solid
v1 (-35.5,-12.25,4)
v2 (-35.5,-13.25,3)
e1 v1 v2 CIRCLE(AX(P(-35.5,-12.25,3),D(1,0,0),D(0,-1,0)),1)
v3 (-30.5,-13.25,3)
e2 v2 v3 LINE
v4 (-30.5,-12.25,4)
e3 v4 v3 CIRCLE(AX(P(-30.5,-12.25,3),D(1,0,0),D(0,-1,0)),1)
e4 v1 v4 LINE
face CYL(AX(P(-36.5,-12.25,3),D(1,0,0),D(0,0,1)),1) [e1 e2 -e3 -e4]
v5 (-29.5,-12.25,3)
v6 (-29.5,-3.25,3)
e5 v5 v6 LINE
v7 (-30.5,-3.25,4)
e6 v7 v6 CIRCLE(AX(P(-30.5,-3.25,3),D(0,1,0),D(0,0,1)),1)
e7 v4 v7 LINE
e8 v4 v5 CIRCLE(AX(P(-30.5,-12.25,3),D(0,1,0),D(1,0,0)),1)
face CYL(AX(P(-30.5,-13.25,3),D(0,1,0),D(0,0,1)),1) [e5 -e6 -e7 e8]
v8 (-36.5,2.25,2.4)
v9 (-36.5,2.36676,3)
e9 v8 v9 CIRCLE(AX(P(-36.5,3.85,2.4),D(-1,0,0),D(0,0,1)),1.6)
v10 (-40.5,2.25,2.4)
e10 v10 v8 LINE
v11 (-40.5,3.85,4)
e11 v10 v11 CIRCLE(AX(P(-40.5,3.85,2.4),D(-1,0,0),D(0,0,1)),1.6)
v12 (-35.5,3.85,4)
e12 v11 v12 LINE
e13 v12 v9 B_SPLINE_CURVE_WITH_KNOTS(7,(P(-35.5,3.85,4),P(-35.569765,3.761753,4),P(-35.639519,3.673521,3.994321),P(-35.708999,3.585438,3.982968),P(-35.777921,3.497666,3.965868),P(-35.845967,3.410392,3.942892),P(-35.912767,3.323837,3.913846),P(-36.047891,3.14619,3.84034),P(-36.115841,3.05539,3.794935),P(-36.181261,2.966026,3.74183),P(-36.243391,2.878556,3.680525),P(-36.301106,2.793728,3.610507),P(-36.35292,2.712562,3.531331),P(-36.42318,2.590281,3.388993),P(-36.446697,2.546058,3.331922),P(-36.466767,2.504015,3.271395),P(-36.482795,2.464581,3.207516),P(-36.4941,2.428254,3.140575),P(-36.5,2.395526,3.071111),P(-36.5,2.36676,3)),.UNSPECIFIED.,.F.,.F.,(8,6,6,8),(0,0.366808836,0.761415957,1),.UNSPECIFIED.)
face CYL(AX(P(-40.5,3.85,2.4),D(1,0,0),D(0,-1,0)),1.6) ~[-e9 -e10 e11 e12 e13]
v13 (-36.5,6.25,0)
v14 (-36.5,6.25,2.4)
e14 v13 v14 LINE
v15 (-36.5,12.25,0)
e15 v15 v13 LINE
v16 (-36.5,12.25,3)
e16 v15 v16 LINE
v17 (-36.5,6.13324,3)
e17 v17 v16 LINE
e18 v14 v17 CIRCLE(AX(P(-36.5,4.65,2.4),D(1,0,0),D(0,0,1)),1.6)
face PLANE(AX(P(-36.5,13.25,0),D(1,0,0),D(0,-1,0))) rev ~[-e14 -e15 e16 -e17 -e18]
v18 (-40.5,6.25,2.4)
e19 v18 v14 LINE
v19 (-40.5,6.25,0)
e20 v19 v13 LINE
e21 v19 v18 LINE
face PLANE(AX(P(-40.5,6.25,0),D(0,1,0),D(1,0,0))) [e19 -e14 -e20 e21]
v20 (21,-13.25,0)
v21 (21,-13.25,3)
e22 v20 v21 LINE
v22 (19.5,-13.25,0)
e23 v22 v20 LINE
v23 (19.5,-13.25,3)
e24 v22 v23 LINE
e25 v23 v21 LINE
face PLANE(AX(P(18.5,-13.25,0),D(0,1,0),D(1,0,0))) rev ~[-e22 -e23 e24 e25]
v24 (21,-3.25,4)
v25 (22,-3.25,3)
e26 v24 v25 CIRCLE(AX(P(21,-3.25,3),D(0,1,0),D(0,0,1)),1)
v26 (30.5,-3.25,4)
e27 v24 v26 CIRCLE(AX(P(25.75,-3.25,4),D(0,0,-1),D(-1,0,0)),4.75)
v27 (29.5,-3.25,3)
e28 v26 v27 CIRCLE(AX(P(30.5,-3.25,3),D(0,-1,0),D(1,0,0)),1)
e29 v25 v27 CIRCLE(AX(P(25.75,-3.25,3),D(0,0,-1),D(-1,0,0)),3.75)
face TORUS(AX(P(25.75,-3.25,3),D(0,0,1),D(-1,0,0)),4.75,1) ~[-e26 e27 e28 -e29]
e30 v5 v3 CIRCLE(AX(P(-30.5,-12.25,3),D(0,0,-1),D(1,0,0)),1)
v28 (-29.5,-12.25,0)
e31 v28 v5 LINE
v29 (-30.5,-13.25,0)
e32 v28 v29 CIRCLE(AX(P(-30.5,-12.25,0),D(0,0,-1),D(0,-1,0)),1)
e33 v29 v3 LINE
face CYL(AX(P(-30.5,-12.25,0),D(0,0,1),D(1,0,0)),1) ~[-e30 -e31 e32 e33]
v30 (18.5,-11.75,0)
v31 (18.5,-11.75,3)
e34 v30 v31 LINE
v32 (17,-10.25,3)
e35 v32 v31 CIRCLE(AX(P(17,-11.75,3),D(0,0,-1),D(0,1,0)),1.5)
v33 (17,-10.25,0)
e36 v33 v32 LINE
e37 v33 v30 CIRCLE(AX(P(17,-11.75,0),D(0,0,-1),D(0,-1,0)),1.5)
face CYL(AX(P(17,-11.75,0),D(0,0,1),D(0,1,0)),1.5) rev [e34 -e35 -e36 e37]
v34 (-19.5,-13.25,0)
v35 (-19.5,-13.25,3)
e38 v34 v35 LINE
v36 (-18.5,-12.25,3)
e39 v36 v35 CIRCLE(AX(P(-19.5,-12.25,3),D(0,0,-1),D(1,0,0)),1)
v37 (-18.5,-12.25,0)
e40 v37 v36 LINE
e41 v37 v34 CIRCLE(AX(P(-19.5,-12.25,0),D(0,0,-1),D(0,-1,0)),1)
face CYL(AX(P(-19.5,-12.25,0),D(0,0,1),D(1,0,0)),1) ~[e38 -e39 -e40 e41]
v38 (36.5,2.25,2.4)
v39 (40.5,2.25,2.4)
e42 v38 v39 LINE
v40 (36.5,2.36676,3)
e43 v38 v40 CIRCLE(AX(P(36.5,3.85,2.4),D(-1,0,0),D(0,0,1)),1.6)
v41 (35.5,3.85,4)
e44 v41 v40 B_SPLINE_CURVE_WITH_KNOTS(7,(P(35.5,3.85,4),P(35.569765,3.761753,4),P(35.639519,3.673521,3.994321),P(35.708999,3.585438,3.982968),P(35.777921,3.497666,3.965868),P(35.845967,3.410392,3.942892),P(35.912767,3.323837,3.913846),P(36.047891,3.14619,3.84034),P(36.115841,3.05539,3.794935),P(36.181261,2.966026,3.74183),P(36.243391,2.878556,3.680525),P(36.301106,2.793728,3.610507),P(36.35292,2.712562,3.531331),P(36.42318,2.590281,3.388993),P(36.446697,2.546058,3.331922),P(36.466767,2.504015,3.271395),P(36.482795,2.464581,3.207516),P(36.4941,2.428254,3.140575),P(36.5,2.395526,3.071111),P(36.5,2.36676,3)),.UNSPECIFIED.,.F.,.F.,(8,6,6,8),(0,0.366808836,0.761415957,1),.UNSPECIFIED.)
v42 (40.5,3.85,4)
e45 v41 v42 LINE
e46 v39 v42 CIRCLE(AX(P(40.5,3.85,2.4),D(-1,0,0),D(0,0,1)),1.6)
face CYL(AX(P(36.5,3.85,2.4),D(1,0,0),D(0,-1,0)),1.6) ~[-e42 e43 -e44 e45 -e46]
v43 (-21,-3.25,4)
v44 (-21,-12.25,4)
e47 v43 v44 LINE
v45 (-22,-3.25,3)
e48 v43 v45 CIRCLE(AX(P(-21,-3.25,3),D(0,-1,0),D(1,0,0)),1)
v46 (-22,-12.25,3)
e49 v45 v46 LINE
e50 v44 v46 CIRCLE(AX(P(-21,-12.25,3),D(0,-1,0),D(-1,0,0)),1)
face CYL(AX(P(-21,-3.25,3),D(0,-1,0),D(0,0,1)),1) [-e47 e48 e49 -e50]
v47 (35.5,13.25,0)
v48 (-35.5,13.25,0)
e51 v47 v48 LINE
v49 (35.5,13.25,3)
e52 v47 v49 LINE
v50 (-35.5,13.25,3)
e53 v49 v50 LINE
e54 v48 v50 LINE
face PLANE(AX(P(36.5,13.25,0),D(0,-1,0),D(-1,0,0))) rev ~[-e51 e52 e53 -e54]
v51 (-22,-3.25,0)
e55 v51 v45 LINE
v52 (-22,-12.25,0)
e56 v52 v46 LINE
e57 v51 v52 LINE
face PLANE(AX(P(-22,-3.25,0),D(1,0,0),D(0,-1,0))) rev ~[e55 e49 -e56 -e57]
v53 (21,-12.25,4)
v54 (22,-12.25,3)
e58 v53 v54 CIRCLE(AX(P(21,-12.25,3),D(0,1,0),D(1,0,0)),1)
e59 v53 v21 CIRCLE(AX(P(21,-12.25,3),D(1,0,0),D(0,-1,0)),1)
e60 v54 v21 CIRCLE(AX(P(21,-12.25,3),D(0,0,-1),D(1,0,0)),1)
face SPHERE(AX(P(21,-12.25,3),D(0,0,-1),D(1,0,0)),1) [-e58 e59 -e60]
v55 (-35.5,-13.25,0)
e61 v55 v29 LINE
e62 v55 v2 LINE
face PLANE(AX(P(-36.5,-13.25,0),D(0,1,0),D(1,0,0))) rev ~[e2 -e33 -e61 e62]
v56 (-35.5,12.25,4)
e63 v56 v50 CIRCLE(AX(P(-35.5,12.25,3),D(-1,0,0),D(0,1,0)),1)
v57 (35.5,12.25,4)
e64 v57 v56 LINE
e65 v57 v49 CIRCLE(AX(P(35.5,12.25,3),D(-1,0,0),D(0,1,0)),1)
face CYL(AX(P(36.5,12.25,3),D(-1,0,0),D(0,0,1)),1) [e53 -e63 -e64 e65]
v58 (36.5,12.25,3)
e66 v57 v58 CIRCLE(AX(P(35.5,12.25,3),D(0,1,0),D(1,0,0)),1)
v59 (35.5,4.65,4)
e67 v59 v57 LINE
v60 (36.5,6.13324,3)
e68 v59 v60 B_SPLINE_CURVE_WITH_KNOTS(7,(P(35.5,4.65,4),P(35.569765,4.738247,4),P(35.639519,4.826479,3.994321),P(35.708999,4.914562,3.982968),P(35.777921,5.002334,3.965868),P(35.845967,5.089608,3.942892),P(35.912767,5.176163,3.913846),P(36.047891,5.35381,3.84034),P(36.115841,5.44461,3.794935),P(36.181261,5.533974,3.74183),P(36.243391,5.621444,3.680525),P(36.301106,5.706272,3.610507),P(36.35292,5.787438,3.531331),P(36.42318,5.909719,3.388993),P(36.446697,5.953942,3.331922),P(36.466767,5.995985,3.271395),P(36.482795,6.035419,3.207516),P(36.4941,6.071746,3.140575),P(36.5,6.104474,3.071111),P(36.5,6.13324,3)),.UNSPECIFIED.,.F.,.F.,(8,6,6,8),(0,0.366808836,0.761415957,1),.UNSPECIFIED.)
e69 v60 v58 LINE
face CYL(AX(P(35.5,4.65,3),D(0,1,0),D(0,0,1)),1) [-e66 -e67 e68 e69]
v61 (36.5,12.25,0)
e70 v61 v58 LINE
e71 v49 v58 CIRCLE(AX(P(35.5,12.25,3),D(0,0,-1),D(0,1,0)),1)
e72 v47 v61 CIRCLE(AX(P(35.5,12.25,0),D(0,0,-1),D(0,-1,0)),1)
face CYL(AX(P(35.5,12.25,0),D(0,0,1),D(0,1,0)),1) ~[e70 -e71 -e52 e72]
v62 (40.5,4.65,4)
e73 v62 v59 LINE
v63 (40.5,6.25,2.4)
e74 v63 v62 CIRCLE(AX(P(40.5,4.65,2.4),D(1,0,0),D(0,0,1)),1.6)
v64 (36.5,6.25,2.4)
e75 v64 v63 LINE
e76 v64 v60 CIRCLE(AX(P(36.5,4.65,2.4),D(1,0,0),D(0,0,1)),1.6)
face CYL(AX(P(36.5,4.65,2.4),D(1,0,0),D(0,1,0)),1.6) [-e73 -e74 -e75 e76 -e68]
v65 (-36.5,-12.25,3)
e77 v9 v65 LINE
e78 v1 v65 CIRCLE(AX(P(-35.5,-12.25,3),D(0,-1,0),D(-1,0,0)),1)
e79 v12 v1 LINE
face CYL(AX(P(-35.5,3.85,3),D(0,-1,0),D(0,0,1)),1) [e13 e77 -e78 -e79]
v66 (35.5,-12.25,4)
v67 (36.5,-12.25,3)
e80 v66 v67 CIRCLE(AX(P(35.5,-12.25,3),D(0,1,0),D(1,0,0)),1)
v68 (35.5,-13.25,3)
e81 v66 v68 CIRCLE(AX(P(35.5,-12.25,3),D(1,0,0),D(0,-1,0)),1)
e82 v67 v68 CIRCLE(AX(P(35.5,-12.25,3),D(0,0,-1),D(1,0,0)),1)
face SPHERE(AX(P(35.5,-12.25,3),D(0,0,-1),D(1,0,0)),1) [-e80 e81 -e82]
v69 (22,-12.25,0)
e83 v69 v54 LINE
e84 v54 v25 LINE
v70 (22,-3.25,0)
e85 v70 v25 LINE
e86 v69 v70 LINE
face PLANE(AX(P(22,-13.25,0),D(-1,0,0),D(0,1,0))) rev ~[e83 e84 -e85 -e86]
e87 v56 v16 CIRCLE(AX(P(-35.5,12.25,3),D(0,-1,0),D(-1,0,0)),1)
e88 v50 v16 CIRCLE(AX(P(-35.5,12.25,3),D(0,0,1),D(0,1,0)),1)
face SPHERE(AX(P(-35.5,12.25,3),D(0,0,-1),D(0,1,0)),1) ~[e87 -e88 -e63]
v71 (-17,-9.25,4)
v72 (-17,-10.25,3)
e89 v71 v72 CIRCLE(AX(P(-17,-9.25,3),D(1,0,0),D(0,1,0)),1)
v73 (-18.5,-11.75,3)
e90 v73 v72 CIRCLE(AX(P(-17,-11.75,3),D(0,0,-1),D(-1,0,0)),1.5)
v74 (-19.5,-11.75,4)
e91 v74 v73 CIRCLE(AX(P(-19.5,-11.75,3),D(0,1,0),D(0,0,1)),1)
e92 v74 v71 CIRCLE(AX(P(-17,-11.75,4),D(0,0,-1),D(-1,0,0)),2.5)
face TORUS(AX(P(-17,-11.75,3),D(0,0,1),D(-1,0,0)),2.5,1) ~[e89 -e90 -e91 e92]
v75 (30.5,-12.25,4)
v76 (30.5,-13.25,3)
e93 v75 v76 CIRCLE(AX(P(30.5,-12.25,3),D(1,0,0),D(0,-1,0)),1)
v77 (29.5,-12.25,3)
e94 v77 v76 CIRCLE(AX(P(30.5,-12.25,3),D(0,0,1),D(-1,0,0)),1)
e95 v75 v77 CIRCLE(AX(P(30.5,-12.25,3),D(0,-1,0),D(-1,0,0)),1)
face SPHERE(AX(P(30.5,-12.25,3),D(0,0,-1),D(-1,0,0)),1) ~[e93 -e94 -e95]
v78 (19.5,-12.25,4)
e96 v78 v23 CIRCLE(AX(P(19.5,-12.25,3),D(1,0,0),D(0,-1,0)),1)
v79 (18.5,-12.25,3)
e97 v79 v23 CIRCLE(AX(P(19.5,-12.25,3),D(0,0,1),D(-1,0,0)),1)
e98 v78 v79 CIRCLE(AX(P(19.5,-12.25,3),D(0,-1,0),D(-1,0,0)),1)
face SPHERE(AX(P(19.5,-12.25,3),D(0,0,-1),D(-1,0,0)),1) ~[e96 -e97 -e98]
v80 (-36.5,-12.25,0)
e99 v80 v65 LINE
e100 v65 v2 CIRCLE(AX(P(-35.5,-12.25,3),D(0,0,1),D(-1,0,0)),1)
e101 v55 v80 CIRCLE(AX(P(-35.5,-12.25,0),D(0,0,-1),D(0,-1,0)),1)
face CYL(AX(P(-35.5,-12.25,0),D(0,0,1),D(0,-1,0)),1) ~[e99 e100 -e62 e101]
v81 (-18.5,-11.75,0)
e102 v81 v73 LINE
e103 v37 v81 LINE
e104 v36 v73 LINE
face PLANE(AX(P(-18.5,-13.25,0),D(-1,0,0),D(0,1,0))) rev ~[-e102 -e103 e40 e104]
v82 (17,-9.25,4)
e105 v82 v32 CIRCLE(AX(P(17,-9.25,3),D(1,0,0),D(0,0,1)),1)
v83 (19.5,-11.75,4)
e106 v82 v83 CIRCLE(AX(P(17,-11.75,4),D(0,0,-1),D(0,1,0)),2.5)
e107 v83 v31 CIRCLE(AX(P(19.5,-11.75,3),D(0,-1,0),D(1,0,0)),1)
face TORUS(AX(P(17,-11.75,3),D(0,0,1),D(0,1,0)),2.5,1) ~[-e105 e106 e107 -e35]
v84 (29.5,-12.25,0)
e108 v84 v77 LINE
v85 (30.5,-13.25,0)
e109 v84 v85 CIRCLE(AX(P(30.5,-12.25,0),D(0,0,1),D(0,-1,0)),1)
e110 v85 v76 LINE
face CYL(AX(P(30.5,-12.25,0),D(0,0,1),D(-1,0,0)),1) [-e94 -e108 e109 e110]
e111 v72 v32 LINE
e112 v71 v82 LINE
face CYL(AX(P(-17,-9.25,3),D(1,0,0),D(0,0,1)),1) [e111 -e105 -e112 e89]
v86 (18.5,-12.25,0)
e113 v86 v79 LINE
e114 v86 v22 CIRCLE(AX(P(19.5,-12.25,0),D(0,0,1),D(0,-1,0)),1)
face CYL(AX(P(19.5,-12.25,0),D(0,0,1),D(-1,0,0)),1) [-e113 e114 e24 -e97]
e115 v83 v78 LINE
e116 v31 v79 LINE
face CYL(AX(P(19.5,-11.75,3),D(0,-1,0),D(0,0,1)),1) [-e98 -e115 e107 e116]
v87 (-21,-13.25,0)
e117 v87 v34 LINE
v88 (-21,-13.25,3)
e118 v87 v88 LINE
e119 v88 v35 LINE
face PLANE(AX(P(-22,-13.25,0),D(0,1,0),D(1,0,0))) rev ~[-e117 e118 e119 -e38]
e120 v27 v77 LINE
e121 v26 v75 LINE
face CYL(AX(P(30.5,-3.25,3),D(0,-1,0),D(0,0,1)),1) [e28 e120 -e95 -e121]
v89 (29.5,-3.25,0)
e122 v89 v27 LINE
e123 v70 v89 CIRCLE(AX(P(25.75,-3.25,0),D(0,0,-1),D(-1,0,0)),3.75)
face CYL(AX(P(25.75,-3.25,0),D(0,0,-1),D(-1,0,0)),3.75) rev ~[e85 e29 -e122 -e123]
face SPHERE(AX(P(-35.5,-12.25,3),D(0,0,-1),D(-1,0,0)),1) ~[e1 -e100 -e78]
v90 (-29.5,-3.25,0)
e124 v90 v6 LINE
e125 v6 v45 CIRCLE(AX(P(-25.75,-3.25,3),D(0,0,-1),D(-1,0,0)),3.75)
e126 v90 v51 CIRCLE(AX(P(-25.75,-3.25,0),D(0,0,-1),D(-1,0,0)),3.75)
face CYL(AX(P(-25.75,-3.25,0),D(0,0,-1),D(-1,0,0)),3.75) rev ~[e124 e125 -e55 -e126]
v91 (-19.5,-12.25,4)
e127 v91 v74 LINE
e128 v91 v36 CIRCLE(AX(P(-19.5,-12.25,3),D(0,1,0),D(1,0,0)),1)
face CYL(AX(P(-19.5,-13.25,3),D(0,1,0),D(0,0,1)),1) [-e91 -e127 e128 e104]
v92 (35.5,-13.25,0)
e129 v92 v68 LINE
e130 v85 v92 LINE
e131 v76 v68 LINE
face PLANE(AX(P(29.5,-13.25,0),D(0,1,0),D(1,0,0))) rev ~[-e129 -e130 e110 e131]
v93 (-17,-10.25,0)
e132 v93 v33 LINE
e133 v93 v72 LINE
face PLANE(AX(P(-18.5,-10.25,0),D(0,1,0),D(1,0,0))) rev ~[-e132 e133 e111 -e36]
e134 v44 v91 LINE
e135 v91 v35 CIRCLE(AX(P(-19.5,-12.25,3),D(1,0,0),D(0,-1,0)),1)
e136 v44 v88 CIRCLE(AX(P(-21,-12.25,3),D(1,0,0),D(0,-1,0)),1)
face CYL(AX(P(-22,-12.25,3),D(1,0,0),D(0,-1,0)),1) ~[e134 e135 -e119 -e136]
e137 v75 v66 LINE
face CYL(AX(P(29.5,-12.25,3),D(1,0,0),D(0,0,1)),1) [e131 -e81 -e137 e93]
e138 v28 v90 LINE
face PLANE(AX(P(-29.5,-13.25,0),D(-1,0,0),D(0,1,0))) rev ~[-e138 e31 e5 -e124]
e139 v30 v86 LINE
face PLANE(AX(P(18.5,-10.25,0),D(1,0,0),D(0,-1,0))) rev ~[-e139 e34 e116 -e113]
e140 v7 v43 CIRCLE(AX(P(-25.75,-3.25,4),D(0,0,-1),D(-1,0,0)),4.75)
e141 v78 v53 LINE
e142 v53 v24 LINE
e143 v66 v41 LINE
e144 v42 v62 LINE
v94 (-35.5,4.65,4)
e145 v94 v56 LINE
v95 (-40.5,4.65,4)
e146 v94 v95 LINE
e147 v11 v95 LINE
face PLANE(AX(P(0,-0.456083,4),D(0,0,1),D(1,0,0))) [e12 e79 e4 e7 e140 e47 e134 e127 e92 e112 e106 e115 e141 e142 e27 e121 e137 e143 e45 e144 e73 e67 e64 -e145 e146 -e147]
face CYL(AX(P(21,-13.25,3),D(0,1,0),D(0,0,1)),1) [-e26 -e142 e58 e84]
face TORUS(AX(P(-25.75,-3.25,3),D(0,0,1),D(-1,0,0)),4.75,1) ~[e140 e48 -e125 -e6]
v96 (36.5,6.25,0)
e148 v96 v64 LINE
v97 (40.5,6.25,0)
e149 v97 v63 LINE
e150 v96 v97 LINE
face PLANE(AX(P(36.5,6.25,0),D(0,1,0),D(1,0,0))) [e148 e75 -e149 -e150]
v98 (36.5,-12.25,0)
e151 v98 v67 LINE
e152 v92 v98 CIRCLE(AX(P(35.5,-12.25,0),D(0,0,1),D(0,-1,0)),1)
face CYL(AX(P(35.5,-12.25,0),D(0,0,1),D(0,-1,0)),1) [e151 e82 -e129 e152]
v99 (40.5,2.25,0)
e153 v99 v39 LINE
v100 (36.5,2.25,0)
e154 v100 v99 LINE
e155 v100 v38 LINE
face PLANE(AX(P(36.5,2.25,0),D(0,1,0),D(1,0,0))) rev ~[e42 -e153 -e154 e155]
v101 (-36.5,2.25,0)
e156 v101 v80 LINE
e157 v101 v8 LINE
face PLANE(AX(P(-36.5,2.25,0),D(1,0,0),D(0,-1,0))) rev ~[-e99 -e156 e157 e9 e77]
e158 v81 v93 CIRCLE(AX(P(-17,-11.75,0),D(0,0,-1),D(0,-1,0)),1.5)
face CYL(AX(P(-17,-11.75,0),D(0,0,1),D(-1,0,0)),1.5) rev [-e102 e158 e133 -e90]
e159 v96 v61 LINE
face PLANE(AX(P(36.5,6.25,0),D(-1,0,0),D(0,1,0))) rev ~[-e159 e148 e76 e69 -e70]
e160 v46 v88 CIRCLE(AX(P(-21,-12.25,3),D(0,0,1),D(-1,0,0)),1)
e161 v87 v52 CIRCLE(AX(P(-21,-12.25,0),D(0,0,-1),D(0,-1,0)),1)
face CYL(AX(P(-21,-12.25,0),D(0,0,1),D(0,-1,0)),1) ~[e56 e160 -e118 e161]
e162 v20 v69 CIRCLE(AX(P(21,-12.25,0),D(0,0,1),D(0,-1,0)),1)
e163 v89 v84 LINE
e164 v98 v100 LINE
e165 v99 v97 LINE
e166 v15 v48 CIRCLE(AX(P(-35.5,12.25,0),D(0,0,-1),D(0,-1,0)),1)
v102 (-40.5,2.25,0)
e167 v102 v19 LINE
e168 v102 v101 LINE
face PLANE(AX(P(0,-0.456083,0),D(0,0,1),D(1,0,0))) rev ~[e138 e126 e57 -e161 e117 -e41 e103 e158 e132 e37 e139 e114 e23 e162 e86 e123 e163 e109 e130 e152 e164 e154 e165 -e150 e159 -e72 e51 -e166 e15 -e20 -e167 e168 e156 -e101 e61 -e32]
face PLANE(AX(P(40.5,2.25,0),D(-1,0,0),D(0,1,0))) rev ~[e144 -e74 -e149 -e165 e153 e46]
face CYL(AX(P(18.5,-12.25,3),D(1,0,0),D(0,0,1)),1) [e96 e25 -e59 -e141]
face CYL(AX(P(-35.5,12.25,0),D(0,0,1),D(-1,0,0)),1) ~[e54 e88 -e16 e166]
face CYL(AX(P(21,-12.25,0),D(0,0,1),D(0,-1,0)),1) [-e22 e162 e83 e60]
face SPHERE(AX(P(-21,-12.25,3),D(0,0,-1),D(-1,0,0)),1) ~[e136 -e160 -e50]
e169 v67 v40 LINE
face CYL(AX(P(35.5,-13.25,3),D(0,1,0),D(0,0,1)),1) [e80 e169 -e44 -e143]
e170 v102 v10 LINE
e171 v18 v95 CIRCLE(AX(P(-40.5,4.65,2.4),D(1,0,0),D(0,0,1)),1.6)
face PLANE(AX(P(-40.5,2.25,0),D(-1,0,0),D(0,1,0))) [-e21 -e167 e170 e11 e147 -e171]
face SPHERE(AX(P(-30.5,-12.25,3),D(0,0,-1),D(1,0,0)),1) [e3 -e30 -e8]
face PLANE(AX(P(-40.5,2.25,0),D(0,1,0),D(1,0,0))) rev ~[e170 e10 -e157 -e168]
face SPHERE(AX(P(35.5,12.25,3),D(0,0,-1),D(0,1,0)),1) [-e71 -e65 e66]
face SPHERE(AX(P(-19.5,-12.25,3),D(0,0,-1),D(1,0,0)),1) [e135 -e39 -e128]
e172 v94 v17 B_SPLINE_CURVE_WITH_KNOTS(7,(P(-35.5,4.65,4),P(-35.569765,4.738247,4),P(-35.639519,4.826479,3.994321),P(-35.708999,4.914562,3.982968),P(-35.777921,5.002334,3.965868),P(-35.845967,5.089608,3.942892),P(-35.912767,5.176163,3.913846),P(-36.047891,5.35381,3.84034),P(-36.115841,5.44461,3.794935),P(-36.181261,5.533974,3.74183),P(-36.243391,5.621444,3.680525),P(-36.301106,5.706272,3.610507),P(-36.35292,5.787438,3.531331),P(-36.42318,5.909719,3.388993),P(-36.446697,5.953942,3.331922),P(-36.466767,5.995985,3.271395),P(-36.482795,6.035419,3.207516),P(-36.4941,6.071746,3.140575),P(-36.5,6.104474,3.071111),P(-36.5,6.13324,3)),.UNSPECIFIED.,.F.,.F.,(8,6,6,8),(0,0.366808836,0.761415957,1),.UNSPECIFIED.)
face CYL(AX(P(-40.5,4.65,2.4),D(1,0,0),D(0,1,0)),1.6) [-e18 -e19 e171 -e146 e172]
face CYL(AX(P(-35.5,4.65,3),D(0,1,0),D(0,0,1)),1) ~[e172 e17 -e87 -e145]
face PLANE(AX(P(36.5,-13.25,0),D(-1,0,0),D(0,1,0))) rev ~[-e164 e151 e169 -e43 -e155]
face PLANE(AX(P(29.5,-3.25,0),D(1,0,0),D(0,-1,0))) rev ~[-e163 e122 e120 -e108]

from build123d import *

# Parameters (mm, degrees)
F0_W     = 4
F0_H     = 4
F1_DEPTH = 4
F2_R     = 1.6
F3_R     = 1.5
F4_R     = 1


with BuildPart() as f1:
    # F0 (on Top) → F1 (new body)
    with BuildSketch(Plane.XY):
        with BuildLine():
            Line((36.5, 6.25), (36.5, 13.25))
            Line((36.5, 13.25), (-36.5, 13.25))
            Line((-36.5, 13.25), (-36.5, 6.25))
            Line((-36.5, 6.25), (-36.5, 2.25))
            Line((-36.5, 2.25), (-36.5, -13.25))
            Line((-36.5, -13.25), (-29.5, -13.25))
            Line((-29.5, -13.25), (-29.5, -3.25))
            ThreePointArc((-29.5, -3.25), (-25.75, 0.5), (-22, -3.25))
            Line((-22, -3.25), (-22, -13.25))
            Line((-22, -13.25), (-18.5, -13.25))
            Line((-18.5, -13.25), (-18.5, -10.25))
            Line((-18.5, -10.25), (18.5, -10.25))
            Line((18.5, -10.25), (18.5, -13.25))
            Line((18.5, -13.25), (22, -13.25))
            Line((22, -13.25), (22, -3.25))
            ThreePointArc((22, -3.25), (25.75, 0.5), (29.5, -3.25))
            Line((29.5, -3.25), (29.5, -13.25))
            Line((29.5, -13.25), (36.5, -13.25))
            Line((36.5, -13.25), (36.5, 2.25))
            Line((36.5, 2.25), (36.5, 6.25))
        make_face()
        with Locations((-38.5, 4.25)):
            Rectangle(F0_W, F0_H)
        with Locations((38.5, 4.25)):
            Rectangle(F0_W, F0_H)
    extrude(amount=F1_DEPTH)

    # F2
    f2_edges = [f1.edges().sort_by_distance(p)[0] for p in [
        (38.5, 6.25, 4),
        (38.5, 2.25, 4),
        (-38.5, 2.25, 4),
        (-38.5, 6.25, 4),
    ]]
    fillet(f2_edges, radius=F2_R)

    # F3
    f3_edges = [f1.edges().sort_by_distance(p)[0] for p in [
        (-18.5, -10.25, 2),
        (18.5, -10.25, 2),
    ]]
    fillet(f3_edges, radius=F3_R)

    # F4
    f4_edges = [f1.edges().sort_by_distance(p)[0] for p in [
        (-36.5, -13.25, 2),
        (-29.5, -13.25, 2),
        (-22, -13.25, 2),
        (-18.5, -13.25, 2),
        (18.5, -13.25, 2),
        (22, -13.25, 2),
        (29.5, -13.25, 2),
        (36.5, -13.25, 2),
        (-36.5, 13.25, 2),
        (36.5, 13.25, 2),
        (36.5, -5.5, 4),
        (0, 13.25, 4),
        (36.5, 9.75, 4),
        (-36.5, 9.75, 4),
        (-36.5, -5.5, 4),
        (-22, -8.25, 4),
        (22, -8.25, 4),
        (0, -10.25, 4),
        (-33, -13.25, 4),
        (33, -13.25, 4),
        (20.25, -13.25, 4),
        (-20.25, -13.25, 4),
    ]]
    fillet(f4_edges, radius=F4_R)


solid = f1.part
